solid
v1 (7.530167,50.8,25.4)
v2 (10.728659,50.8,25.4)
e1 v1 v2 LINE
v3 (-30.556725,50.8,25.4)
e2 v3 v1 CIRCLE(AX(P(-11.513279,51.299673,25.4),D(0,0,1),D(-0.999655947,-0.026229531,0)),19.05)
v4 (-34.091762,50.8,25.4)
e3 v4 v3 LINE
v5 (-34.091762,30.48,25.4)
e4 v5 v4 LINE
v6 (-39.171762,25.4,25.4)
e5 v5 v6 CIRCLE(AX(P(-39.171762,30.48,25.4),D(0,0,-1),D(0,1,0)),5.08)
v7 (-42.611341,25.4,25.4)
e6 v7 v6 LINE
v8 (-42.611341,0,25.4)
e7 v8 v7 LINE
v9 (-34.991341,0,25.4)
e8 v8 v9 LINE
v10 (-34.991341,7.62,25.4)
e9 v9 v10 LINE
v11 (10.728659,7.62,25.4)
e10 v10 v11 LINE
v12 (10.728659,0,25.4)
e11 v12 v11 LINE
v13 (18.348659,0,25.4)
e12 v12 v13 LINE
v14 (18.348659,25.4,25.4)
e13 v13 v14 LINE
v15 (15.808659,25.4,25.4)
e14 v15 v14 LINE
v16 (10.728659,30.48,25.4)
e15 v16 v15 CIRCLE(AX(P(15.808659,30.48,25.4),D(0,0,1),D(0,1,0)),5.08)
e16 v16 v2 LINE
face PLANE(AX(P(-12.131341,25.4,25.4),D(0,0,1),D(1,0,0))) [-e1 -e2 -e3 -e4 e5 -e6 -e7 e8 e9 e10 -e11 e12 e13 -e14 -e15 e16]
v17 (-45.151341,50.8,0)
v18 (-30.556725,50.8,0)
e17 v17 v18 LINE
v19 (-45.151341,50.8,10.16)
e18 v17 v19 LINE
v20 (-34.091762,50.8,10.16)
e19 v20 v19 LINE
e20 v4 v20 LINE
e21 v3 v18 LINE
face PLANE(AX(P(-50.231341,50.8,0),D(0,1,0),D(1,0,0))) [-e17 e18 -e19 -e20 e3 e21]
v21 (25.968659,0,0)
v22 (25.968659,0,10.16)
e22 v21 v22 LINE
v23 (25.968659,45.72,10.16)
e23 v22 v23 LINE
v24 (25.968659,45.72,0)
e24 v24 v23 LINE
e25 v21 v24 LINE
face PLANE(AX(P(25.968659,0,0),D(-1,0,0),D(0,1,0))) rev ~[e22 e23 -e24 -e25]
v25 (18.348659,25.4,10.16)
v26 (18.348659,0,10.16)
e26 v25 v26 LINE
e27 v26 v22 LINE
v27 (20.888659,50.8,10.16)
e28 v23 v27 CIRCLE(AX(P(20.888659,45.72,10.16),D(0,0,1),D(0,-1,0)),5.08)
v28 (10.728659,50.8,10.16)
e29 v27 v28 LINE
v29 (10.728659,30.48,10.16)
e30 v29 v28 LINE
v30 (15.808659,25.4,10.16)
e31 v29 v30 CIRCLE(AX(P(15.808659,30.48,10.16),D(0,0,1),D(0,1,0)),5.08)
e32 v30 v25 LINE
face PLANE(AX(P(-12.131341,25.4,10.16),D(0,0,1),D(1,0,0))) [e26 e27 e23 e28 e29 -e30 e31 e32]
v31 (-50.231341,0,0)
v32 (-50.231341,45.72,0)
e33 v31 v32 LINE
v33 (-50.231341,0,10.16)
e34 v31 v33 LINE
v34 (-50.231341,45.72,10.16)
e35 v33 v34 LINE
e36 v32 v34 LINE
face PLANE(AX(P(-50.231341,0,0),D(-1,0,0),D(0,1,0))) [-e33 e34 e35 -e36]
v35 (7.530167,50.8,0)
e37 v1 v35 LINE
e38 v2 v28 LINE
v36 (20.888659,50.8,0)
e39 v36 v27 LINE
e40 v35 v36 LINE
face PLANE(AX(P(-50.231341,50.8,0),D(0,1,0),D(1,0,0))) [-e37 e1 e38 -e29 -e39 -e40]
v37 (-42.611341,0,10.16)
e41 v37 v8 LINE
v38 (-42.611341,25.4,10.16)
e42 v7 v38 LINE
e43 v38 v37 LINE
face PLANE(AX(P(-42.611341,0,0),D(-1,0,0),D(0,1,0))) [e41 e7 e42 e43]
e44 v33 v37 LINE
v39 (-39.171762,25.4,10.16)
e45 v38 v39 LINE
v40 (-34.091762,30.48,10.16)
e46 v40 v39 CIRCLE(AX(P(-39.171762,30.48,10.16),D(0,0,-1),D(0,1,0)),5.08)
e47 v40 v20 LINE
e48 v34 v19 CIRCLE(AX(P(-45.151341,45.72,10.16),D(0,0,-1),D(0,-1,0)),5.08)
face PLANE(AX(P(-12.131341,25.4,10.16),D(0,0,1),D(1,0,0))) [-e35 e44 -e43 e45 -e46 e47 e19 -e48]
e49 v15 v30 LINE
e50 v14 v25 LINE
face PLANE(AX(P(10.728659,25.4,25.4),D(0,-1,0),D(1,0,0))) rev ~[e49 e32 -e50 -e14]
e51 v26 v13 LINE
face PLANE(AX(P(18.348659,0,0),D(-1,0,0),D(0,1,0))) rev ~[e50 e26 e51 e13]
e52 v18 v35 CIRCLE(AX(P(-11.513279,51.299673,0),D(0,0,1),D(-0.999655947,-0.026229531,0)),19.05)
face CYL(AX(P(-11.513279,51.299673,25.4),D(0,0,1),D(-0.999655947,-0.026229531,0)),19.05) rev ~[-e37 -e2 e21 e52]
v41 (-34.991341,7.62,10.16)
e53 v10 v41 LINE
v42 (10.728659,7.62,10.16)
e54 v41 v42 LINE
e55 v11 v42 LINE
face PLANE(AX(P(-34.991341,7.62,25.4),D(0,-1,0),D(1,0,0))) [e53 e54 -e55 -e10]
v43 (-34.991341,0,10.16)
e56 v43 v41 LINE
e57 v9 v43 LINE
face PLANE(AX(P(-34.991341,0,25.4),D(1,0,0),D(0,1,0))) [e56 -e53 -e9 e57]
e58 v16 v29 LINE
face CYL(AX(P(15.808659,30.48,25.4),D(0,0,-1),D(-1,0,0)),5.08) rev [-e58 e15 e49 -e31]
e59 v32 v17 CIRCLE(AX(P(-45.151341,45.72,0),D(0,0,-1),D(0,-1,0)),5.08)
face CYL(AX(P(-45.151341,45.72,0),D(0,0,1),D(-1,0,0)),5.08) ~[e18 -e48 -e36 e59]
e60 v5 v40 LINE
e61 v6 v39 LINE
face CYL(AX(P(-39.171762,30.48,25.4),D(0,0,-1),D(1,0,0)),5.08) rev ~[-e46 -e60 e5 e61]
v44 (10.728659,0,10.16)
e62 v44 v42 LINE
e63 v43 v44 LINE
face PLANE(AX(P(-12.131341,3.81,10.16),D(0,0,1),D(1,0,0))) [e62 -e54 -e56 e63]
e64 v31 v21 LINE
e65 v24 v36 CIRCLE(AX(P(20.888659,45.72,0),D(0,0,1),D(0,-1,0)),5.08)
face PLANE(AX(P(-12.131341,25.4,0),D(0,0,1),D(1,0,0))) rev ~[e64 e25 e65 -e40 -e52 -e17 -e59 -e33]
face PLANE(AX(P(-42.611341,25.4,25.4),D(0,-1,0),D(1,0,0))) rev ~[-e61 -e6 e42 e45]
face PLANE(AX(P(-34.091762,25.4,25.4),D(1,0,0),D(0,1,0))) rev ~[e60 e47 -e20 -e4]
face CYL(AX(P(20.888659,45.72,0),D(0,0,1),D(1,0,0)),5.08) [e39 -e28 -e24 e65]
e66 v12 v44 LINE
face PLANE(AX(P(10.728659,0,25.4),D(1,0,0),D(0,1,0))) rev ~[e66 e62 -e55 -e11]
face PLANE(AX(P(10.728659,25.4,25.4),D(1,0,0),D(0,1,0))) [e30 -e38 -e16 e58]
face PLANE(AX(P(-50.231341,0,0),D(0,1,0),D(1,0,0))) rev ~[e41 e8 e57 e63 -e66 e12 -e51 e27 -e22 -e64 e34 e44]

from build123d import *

# Parameters (mm, degrees)
F0_W     = 76.2
F0_H     = 50.8
F1_DEPTH = 10.16
F2_W     = 60.96
F2_H     = 50.8
F3_DEPTH = 25.4
F5_DEPTH = 25.401
F4_W     = 8.5195787251
F4_H     = 25.4
F4_W_2   = 7.62
F4_W_3   = 45.72
F4_H_2   = 7.62
F6_DEPTH = 15.24
F7_R     = 5.08
F8_R     = 5.08
F9_R     = 5.08


with BuildPart() as f1:
    # F0 (on Top) → F1 (new body)
    with BuildSketch(Plane.XY):
        with Locations((-12.131340879, 25.4)):
            Rectangle(F0_W, F0_H)
    extrude(amount=F1_DEPTH)

    # F2 (on Top) → F3 (join)
    with BuildSketch(Plane.XY):
        with Locations((-12.131340879, 25.4)):
            Rectangle(F2_W, F2_H)
    extrude(amount=F3_DEPTH)

    # F4 (on face) → F5 (cut, through all)
    with BuildSketch(Plane.XY.offset(25.4)):
        with BuildLine():
            Line((7.5301669641, 50.8), (-30.5567246034, 50.8))
            ThreePointArc((-30.5567246034, 50.8), (-11.5132788196, 32.2496725738), (7.5301669641, 50.8))
        make_face()
        with BuildLine():
            ThreePointArc((7.5367211804, 51.2996725738), (-11.7631365985, 70.3480339493), (-30.5567246034, 50.8))
            Line((-30.5567246034, 50.8), (7.5301669641, 50.8))
            ThreePointArc((7.5301669641, 50.8), (7.5350825558, 51.0498147949), (7.5367211804, 51.2996725738))
        make_face()
    extrude(amount=-F5_DEPTH, mode=Mode.SUBTRACT)

    # F4 (on face) → F6 (cut, through all)
    with BuildSketch(Plane.XY.offset(25.4)):
        with Locations((-38.3515515165, 38.1)):
            Rectangle(F4_W, F4_H)
        with Locations((14.538659121, 38.1)):
            Rectangle(F4_W_2, F4_H)
        with Locations((-12.131340879, 3.81)):
            Rectangle(F4_W_3, F4_H_2)
    extrude(amount=-F6_DEPTH, mode=Mode.SUBTRACT)

    # F7
    f7_edges = [f1.edges().sort_by_distance(p)[0] for p in [
        (-50.231341, 50.8, 5.08),
    ]]
    fillet(f7_edges, radius=F7_R)

    # F8
    f8_edges = [f1.edges().sort_by_distance(p)[0] for p in [
        (25.968659, 50.8, 5.08),
    ]]
    fillet(f8_edges, radius=F8_R)

    # F9
    f9_edges = [f1.edges().sort_by_distance(p)[0] for p in [
        (-34.091762, 25.4, 17.78),
        (10.728659, 25.4, 17.78),
    ]]
    fillet(f9_edges, radius=F9_R)


solid = f1.part
